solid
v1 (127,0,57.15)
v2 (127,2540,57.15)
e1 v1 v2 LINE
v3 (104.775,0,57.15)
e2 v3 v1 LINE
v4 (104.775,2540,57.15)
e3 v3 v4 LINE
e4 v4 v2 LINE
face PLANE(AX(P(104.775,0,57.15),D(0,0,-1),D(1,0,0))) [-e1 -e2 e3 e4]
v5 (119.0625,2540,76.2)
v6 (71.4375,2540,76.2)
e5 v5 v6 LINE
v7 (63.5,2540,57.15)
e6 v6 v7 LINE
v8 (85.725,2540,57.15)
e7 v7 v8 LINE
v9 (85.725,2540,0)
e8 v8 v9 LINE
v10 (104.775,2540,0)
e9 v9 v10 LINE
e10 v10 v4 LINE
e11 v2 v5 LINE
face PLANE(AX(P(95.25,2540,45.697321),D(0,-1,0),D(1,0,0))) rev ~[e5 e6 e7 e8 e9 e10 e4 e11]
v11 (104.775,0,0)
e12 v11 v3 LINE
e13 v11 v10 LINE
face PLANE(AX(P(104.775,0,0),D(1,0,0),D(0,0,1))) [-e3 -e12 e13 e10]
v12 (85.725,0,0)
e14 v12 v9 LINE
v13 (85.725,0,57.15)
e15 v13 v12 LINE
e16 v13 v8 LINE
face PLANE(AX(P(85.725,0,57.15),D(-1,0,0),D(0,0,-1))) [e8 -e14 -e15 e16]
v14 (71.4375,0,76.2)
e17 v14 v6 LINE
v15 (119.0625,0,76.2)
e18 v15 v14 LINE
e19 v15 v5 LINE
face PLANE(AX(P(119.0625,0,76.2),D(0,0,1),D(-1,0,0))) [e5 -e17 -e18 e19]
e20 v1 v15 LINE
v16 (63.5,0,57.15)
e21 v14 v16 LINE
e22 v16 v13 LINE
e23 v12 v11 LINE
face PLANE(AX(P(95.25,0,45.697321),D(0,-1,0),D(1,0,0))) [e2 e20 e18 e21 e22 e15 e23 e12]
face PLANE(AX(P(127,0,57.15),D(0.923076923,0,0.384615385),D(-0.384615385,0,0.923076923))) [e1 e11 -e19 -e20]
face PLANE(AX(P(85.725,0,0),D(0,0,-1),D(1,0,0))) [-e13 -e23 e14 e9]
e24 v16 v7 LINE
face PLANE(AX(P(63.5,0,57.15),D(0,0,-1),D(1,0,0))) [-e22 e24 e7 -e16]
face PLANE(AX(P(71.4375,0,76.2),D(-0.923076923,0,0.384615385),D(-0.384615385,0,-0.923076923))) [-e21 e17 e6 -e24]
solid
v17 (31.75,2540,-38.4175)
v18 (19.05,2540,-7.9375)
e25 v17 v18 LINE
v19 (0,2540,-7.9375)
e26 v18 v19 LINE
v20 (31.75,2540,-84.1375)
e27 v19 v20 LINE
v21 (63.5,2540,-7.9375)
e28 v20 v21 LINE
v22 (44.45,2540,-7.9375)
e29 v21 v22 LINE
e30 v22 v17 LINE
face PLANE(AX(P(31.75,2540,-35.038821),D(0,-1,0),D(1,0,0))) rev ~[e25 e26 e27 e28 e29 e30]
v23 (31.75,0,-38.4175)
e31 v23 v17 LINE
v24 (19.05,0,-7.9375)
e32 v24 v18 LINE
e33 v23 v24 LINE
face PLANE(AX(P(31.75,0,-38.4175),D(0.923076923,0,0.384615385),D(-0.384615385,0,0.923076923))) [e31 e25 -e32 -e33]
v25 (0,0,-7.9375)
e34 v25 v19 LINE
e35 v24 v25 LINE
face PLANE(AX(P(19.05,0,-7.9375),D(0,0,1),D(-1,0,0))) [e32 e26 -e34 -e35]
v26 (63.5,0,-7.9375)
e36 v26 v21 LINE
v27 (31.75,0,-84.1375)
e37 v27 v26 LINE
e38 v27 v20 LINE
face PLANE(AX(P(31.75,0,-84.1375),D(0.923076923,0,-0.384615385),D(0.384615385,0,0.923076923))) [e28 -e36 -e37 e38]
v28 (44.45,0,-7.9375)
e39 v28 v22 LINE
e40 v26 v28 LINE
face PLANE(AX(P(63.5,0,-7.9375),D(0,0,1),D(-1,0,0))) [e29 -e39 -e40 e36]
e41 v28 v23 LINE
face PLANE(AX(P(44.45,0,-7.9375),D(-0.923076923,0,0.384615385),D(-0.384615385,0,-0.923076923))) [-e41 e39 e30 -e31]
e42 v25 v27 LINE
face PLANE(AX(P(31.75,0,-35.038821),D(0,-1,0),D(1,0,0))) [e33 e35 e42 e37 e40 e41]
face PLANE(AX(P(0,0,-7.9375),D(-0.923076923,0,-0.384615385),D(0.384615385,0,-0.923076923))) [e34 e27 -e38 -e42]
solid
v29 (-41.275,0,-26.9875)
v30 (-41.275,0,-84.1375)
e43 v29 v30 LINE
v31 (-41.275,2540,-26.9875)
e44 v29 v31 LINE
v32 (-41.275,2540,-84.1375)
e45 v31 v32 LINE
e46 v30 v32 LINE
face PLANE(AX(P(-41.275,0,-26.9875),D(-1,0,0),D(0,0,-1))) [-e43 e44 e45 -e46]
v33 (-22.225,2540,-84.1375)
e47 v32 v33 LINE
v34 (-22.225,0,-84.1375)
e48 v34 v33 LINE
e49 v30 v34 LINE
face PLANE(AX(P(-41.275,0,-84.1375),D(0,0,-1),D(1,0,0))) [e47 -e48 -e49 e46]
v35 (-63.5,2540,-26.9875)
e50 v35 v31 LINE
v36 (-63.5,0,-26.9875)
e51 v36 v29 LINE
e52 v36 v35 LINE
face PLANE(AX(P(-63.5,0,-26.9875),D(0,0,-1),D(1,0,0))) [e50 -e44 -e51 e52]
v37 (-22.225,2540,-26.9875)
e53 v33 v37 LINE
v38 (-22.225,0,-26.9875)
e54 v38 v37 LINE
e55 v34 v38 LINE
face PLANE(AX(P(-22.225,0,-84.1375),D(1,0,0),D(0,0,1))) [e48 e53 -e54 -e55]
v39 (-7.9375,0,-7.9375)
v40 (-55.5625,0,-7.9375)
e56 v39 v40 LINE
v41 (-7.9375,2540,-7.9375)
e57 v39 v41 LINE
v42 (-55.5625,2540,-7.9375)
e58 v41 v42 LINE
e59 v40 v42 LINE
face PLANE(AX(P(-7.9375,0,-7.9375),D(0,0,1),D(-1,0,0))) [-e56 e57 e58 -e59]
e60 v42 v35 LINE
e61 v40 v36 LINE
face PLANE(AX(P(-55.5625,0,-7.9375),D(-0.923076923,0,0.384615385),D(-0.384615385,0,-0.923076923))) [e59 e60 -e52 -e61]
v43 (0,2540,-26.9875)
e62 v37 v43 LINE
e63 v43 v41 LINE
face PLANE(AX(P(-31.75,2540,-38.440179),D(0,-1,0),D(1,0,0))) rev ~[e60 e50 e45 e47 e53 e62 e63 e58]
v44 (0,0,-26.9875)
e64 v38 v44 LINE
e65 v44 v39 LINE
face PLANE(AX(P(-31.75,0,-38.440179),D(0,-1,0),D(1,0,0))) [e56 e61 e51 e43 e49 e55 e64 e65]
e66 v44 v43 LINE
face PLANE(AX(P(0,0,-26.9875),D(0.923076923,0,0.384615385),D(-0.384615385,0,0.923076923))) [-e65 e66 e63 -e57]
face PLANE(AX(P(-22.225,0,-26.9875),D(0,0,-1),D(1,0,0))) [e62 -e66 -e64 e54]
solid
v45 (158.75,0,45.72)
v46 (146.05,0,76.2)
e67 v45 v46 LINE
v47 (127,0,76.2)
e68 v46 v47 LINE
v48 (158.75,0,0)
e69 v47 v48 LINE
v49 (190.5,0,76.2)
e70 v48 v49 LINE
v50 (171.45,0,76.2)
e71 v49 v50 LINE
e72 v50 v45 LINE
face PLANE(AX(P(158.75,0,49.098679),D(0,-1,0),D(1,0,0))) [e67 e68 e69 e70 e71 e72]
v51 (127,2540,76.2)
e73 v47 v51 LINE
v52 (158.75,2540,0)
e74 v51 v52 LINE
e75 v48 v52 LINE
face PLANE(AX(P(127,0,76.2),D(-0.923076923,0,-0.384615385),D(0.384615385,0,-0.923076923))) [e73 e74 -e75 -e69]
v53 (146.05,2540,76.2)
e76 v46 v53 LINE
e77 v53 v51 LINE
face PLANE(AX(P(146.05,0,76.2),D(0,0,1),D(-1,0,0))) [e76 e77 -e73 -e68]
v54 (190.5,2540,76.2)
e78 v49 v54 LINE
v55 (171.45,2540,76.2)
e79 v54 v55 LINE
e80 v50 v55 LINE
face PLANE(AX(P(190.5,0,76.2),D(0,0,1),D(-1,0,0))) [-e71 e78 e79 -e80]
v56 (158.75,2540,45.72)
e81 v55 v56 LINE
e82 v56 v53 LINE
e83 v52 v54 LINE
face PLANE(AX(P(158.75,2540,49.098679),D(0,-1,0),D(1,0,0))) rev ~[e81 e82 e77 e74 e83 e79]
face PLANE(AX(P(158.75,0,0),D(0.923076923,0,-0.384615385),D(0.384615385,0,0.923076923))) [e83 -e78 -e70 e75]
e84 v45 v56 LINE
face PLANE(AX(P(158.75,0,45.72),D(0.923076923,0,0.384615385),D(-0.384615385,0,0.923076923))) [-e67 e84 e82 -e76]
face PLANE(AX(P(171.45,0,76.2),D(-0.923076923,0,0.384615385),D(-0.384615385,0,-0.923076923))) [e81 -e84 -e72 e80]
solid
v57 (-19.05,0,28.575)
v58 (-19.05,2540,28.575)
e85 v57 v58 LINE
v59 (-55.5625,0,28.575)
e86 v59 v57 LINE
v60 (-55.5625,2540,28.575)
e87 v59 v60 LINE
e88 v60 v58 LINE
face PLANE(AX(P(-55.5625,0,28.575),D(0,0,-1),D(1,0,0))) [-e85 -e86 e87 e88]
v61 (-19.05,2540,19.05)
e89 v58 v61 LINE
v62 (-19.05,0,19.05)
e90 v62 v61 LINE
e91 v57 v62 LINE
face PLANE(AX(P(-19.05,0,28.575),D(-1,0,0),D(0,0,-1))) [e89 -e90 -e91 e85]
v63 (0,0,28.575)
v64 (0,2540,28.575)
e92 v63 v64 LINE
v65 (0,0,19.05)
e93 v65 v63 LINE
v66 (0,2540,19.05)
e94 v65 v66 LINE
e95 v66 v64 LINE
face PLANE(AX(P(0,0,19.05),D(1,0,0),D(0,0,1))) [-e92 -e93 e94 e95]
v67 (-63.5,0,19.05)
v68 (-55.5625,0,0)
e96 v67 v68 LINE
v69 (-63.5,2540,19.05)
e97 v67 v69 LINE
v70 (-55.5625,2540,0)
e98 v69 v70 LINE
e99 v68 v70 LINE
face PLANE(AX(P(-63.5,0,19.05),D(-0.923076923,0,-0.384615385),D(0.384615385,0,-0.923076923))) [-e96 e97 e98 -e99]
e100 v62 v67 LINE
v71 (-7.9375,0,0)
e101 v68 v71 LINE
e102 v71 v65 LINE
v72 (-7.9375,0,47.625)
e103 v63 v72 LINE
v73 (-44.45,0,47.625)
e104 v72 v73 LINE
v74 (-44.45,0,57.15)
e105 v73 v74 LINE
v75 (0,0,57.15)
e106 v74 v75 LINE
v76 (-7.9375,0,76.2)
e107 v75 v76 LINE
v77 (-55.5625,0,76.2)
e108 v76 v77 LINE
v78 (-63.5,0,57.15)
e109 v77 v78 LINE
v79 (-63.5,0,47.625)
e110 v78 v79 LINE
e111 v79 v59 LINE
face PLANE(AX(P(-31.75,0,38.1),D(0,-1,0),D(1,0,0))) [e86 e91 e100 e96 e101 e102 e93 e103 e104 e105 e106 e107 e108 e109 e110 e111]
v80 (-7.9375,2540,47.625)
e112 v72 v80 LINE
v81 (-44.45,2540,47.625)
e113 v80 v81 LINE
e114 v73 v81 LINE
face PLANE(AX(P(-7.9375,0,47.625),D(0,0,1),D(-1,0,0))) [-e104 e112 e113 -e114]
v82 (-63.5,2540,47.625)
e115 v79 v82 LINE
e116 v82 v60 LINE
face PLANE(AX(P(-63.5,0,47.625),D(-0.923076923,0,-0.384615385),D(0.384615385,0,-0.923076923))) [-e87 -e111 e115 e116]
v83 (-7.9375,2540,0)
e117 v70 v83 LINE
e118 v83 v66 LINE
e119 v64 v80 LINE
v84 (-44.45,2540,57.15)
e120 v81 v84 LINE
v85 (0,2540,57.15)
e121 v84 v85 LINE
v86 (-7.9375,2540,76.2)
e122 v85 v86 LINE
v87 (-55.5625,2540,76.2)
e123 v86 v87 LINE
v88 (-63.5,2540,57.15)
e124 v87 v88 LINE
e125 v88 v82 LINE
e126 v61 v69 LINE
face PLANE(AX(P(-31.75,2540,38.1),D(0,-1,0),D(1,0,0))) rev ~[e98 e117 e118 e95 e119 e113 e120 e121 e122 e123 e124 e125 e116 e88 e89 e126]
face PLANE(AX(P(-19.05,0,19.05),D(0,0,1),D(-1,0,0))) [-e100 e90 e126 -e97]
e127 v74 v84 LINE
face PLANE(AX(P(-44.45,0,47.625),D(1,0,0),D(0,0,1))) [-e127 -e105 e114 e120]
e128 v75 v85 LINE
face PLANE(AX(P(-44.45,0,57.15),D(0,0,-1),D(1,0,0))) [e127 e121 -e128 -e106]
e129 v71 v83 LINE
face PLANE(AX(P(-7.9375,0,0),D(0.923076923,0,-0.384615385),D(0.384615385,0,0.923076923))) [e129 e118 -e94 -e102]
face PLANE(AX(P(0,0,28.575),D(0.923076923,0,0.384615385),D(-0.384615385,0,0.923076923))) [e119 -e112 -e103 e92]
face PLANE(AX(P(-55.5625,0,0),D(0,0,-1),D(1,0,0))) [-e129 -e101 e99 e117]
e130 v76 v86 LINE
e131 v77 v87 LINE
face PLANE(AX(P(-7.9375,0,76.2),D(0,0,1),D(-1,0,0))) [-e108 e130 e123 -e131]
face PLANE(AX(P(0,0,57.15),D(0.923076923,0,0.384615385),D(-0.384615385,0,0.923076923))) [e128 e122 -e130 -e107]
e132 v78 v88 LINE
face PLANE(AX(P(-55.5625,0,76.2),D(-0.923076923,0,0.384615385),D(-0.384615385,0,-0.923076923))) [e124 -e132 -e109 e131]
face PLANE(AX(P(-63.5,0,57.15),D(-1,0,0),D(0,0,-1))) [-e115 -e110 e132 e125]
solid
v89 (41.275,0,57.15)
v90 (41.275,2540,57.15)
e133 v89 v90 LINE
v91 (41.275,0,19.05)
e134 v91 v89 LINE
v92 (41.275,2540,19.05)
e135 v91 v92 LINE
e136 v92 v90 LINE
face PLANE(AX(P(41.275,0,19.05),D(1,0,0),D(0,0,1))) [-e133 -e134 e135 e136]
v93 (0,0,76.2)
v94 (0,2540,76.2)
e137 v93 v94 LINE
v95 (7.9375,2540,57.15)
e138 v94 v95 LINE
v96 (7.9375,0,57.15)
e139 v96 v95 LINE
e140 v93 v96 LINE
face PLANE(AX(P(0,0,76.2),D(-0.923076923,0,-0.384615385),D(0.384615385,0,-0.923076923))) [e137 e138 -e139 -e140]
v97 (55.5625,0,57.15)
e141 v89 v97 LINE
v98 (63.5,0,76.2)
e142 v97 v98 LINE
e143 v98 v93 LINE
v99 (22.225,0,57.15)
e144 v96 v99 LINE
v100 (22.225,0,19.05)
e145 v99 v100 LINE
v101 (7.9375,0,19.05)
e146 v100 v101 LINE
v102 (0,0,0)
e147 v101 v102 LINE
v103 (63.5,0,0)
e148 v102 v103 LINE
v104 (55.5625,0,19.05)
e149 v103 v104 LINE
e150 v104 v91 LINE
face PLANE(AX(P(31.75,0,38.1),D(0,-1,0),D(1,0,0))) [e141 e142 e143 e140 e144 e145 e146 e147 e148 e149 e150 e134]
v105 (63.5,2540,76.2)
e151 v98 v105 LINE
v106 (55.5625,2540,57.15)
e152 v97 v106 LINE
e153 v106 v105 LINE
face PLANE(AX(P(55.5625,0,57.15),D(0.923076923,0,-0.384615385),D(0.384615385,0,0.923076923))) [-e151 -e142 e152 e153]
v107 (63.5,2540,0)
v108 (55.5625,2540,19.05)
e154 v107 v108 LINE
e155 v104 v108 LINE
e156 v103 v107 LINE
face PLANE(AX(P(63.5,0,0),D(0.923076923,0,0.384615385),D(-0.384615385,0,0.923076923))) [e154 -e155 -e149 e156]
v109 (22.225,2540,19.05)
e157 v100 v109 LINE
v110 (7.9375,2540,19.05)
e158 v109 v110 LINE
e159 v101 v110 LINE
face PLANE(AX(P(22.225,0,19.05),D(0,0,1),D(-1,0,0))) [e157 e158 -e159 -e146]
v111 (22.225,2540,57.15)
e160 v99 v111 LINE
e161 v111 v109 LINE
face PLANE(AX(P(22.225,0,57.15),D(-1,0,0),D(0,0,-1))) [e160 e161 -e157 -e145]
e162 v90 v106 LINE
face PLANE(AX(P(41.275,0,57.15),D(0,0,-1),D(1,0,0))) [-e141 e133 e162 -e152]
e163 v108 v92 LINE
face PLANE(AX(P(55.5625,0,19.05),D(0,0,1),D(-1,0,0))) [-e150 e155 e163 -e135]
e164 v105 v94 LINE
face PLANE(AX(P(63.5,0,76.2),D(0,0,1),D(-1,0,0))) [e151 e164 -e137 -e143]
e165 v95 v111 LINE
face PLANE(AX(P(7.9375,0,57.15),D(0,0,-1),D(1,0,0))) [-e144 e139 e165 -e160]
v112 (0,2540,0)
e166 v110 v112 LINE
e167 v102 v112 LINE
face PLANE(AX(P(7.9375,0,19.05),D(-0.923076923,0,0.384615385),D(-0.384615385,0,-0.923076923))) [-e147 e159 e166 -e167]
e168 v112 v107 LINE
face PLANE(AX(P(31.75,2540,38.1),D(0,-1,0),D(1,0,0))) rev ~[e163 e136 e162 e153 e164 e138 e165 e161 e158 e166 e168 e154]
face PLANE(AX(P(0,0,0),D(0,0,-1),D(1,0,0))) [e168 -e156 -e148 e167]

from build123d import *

# Parameters (mm, degrees)
F1_DEPTH = 2540


with BuildPart() as f1:
    # F0 (on Front) → F1 (new body)
    with BuildSketch(Plane.XZ):
        Polygon((0, 57.15), (-7.9375, 76.2), (-55.5625, 76.2), (-63.5, 57.15), (-63.5, 47.625), (-55.5625, 28.575), (-19.05, 28.575), (-19.05, 19.05), (-63.5, 19.05), (-55.5625, 0), (-7.9375, 0), (0, 19.05), (0, 28.575), (-7.9375, 47.625), (-44.45, 47.625), (-44.45, 57.15), align=None)
        Polygon((7.9375, 19.05), (0, 0), (63.5, 0), (55.5625, 19.05), (41.275, 19.05), (41.275, 57.15), (55.5625, 57.15), (63.5, 76.2), (0, 76.2), (7.9375, 57.15), (22.225, 57.15), (22.225, 19.05), align=None)
        Polygon((0, -26.9875), (-7.9375, -7.9375), (-55.5625, -7.9375), (-63.5, -26.9875), (-41.275, -26.9875), (-41.275, -84.1375), (-22.225, -84.1375), (-22.225, -26.9875), align=None)
        Polygon((19.05, -7.9375), (0, -7.9375), (31.75, -84.1375), (63.5, -7.9375), (44.45, -7.9375), (31.75, -38.4175), align=None)
        Polygon((71.4375, 76.2), (63.5, 57.15), (85.725, 57.15), (85.725, 0), (104.775, 0), (104.775, 57.15), (127, 57.15), (119.0625, 76.2), align=None)
        Polygon((146.05, 76.2), (127, 76.2), (158.75, 0), (190.5, 76.2), (171.45, 76.2), (158.75, 45.72), align=None)
    extrude(amount=-F1_DEPTH)


solid = f1.part
